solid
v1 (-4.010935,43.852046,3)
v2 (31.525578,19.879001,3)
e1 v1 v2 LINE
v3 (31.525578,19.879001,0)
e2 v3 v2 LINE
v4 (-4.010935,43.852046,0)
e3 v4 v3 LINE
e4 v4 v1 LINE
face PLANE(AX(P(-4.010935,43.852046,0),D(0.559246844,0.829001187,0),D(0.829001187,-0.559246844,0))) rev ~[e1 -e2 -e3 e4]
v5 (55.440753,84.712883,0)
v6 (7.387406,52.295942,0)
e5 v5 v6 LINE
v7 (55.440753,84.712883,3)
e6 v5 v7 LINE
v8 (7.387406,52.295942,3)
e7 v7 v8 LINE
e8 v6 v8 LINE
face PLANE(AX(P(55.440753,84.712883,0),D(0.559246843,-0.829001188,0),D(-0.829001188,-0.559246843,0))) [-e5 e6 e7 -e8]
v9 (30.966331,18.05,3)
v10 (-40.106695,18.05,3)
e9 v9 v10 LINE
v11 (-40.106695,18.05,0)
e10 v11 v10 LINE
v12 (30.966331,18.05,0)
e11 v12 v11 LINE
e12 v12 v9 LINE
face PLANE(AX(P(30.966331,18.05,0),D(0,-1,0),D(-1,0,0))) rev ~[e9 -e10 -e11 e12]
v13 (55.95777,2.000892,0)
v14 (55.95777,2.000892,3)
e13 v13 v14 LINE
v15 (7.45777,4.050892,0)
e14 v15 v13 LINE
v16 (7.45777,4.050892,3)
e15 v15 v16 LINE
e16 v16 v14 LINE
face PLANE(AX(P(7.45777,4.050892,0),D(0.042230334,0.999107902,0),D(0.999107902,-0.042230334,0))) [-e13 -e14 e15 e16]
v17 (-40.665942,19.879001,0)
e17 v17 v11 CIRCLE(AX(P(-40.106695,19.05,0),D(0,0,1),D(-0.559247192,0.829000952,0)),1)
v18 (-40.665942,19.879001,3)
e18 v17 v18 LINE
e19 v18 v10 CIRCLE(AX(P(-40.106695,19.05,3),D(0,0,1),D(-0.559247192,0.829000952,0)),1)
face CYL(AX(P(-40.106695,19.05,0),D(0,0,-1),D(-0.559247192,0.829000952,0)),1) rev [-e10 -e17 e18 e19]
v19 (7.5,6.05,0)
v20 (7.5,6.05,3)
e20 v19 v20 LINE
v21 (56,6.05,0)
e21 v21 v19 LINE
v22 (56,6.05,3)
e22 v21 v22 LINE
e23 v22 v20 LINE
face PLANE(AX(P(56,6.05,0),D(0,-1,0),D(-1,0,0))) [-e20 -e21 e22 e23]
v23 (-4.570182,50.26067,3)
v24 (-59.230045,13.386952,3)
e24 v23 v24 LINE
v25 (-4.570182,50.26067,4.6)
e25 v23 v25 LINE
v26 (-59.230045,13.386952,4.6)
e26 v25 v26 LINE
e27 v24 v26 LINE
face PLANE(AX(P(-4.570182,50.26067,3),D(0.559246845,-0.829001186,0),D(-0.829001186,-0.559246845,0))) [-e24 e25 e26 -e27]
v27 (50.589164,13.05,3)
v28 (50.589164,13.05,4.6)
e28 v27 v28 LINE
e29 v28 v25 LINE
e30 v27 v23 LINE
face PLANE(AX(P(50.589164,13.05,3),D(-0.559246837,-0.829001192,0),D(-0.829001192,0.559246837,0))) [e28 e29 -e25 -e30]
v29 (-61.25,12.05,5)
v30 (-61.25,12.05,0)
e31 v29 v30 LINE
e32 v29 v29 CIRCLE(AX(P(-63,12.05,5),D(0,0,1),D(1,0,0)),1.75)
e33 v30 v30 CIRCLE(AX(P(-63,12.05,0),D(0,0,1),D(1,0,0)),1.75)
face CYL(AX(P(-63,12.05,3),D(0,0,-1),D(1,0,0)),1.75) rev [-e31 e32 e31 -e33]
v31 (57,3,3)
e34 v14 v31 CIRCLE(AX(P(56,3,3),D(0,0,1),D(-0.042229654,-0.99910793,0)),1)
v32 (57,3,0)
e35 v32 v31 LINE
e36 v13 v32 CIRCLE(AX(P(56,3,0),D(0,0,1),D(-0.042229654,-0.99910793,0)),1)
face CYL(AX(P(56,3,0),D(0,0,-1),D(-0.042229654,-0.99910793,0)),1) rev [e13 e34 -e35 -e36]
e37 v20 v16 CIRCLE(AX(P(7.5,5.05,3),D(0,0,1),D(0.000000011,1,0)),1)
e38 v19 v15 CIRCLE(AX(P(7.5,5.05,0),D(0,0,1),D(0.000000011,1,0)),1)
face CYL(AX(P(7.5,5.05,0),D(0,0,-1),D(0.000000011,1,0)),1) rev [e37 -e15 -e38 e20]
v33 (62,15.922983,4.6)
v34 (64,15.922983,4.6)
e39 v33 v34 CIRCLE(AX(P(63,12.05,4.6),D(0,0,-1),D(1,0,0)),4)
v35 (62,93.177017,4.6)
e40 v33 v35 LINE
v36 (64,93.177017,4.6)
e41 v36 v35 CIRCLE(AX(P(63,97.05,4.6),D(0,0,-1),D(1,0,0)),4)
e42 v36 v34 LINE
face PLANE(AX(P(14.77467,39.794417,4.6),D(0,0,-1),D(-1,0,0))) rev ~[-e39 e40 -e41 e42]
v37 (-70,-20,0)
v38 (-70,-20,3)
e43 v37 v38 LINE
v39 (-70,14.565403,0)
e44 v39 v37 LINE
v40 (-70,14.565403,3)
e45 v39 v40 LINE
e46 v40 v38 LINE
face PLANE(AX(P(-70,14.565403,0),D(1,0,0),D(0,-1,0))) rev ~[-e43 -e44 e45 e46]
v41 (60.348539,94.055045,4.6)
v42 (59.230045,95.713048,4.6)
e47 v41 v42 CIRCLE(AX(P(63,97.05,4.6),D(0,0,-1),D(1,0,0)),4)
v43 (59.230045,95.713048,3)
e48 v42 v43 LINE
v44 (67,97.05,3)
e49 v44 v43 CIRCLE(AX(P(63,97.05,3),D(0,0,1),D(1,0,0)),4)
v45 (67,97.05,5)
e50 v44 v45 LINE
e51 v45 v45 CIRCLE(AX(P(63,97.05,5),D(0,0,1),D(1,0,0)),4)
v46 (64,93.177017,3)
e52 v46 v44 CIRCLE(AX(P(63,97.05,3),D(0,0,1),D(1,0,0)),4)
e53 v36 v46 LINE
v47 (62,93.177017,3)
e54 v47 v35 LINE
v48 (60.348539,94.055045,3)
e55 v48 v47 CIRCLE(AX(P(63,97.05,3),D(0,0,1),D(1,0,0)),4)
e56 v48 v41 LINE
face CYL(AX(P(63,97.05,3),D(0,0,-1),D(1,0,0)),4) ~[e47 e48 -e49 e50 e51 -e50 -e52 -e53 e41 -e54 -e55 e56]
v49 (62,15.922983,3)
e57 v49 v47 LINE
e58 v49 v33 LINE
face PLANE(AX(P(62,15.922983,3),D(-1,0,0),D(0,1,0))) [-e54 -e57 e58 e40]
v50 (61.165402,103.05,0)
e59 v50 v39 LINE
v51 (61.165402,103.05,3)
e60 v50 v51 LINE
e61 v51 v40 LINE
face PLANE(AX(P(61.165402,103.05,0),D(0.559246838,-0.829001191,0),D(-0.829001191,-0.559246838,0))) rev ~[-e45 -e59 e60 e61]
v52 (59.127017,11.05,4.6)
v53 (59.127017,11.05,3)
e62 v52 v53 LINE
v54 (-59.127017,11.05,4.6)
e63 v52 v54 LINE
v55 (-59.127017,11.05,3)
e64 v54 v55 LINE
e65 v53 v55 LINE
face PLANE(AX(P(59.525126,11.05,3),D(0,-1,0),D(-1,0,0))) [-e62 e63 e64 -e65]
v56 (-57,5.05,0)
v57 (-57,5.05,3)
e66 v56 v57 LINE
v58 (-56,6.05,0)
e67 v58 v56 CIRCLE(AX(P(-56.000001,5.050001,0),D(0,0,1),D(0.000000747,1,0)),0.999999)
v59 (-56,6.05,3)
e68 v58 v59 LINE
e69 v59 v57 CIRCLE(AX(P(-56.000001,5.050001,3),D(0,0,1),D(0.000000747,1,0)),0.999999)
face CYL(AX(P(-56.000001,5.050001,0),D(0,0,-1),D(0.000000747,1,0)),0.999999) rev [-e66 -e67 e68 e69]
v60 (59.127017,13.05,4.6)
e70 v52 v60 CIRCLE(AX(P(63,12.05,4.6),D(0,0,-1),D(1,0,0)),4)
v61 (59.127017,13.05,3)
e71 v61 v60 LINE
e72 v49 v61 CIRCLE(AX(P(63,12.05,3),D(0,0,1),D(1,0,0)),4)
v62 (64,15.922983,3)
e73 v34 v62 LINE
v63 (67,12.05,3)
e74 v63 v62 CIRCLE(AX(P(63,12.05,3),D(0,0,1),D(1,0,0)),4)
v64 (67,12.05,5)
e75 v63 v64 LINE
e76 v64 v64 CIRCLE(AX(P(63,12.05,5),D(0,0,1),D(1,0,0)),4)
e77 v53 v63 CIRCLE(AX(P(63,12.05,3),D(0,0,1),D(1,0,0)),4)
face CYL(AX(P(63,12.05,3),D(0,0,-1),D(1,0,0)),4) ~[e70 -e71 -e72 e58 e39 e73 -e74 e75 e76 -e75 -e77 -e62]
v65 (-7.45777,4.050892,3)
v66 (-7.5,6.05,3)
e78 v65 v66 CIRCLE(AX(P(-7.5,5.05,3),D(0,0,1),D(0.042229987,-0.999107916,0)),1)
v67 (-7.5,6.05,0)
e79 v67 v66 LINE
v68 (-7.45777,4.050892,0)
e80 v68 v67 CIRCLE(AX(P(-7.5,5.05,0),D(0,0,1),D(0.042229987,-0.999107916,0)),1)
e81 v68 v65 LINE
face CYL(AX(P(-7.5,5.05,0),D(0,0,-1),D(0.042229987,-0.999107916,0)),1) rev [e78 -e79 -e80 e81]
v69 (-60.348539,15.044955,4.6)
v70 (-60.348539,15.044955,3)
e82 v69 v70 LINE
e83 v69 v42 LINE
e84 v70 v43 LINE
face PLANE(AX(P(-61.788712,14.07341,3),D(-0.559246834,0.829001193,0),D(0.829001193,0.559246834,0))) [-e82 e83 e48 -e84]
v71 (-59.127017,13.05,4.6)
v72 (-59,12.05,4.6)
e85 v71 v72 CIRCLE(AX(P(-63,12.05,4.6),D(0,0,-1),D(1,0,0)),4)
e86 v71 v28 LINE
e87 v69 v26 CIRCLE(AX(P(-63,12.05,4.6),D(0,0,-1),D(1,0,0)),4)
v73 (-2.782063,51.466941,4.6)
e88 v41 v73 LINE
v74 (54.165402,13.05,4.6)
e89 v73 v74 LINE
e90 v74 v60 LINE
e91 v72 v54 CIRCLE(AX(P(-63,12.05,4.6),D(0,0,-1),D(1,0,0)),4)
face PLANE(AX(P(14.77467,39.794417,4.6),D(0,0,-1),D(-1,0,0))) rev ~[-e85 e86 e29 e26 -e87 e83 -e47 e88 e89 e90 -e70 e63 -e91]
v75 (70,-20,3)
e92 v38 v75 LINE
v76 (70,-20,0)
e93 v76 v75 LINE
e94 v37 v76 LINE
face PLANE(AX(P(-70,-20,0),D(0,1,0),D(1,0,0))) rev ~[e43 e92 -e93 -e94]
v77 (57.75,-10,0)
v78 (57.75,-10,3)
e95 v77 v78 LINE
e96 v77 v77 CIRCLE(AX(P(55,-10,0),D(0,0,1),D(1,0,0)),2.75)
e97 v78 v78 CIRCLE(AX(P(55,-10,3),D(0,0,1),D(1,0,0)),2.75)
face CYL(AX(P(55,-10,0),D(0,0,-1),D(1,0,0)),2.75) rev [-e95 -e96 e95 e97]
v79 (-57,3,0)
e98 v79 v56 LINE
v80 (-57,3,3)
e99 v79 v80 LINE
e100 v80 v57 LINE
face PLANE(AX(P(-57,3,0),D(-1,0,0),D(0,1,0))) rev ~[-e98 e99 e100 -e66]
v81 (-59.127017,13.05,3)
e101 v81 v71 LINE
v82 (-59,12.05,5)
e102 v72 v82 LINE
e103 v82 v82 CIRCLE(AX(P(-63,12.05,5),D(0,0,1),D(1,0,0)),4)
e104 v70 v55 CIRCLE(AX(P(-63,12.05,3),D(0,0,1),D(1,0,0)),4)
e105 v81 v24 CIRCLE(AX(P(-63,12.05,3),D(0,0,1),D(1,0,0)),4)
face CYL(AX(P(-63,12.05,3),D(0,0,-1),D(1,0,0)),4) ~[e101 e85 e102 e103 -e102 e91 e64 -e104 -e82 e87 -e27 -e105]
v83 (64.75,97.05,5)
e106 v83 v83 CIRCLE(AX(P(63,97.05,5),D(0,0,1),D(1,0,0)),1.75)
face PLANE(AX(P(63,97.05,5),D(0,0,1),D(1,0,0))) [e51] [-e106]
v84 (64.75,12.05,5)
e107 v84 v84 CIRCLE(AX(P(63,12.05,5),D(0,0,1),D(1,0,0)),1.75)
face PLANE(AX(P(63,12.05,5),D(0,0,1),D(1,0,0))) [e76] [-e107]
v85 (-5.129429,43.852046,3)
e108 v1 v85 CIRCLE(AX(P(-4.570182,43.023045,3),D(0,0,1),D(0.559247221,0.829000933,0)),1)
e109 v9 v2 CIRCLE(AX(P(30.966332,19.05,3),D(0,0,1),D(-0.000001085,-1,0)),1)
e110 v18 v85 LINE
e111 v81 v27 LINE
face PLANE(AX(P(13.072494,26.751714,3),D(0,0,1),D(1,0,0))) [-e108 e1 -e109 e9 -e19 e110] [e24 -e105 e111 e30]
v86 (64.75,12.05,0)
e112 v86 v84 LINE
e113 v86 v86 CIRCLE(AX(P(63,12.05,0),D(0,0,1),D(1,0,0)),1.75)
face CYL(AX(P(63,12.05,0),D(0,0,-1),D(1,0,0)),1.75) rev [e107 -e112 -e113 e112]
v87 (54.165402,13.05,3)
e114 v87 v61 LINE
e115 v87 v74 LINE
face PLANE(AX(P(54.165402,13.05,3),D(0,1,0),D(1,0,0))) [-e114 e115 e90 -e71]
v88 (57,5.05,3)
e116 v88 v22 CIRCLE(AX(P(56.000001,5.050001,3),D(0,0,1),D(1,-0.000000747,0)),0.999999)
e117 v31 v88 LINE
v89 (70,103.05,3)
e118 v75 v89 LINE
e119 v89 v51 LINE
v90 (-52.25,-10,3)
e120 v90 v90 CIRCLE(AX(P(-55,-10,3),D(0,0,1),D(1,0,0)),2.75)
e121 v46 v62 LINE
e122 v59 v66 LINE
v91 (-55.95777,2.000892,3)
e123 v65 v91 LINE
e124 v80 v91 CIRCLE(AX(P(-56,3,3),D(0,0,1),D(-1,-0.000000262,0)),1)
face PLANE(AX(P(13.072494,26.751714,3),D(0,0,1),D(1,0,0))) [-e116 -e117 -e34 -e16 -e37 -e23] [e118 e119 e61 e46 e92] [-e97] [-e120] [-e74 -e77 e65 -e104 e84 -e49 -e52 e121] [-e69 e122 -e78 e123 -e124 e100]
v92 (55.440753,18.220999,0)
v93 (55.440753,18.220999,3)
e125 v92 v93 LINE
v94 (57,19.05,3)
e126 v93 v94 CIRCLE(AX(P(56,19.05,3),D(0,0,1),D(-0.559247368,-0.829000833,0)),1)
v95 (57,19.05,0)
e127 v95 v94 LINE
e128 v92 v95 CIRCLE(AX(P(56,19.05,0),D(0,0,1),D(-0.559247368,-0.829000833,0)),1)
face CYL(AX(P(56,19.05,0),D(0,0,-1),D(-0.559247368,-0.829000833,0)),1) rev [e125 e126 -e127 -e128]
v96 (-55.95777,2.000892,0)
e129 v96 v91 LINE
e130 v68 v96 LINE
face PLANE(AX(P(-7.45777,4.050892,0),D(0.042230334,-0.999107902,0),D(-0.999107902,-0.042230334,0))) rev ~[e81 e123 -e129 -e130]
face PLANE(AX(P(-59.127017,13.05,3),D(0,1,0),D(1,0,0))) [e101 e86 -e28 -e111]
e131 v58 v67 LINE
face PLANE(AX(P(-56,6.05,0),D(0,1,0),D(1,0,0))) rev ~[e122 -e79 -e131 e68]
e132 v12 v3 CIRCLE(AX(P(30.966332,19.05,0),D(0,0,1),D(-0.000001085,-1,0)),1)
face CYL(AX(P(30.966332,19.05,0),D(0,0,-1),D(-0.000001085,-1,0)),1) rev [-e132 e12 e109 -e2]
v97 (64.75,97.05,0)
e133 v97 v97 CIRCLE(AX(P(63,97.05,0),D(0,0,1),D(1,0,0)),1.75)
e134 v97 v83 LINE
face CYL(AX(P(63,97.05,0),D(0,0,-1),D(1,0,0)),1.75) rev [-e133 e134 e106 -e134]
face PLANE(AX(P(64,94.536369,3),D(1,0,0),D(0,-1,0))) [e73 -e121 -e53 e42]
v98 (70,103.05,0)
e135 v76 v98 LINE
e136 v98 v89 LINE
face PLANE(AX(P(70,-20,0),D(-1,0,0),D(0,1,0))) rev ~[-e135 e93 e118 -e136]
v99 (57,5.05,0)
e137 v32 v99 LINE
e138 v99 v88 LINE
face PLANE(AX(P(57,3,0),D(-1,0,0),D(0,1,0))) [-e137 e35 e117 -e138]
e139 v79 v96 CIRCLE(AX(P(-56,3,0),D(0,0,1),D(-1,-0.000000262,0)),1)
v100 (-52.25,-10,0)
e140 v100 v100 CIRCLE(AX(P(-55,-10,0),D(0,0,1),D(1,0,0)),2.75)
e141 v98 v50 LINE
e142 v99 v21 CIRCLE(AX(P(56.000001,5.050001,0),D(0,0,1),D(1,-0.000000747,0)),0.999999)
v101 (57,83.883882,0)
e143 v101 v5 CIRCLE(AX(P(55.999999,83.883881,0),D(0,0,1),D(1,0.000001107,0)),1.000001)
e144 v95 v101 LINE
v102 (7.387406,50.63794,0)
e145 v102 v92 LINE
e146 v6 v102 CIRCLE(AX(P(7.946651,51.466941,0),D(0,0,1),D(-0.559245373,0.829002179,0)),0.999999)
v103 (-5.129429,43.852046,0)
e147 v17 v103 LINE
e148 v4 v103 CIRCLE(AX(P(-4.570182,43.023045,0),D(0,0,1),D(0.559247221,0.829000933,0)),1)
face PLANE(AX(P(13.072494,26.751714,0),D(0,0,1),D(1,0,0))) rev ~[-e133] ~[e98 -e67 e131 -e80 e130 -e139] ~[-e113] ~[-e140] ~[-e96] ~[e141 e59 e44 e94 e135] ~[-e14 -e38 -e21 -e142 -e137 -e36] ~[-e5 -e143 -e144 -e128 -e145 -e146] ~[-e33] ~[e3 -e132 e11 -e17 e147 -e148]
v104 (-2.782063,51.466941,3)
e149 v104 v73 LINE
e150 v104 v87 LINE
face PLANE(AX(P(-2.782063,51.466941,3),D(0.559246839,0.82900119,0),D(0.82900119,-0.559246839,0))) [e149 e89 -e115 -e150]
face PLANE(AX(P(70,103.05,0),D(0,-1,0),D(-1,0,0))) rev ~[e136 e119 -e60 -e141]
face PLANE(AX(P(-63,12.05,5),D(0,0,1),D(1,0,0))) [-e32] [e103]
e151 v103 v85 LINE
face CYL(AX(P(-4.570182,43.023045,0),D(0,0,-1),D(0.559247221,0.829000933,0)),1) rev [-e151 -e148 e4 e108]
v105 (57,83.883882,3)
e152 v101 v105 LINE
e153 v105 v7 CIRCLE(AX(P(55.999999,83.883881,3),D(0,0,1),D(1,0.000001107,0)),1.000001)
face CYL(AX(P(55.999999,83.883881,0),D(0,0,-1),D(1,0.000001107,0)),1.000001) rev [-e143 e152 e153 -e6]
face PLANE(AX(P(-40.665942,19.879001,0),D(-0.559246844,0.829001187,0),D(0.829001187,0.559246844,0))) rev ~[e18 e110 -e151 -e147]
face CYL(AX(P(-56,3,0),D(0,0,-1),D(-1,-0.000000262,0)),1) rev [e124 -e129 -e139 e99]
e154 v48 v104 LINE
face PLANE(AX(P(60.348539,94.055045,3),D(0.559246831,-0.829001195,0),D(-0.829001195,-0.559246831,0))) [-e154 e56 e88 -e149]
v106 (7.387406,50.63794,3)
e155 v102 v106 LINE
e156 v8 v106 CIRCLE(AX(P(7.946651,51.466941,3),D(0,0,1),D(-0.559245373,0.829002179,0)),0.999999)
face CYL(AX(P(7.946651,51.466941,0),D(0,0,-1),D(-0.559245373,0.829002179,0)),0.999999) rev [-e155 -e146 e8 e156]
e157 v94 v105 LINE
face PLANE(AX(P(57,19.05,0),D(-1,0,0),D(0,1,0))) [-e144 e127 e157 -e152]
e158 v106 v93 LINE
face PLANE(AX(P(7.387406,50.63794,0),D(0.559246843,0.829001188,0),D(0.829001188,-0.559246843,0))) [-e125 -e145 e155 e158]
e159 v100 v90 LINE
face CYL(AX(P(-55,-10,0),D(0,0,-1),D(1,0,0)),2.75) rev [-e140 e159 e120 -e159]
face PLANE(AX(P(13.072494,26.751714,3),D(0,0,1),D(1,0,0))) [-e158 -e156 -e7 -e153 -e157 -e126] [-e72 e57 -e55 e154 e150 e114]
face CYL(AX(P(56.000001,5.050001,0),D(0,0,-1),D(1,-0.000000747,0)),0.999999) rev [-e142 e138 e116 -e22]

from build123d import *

# Parameters (mm, degrees)
SKETCH_R      = 1.75
SKETCH_R_2    = 2.75
PAD_DEPTH     = 3
SKETCH001_R   = 4
SKETCH001_R_2 = 1.75
PAD001_DEPTH  = 2
PAD002_DEPTH  = 1.6


with BuildPart() as part:
    # Sketch → Pad (new body)
    with BuildSketch(Plane.XY):
        Polygon((-70, 14.565403), (-70, -20), (70, -20), (70, 103.05), (61.165402, 103.05), align=None)
        with Locations((-63, 12.05)):
            Circle(SKETCH_R, mode=Mode.SUBTRACT)
        with Locations((-55, -10)):
            Circle(SKETCH_R_2, mode=Mode.SUBTRACT)
        with Locations((55, -10)):
            Circle(SKETCH_R_2, mode=Mode.SUBTRACT)
        with Locations((63, 12.05)):
            Circle(SKETCH_R, mode=Mode.SUBTRACT)
        with Locations((63, 97.05)):
            Circle(SKETCH_R, mode=Mode.SUBTRACT)
        with BuildLine():
            Line((-56, 6.05), (-7.5, 6.05))
            ThreePointArc((-7.45777, 4.050892), (-6.500223, 5.07112), (-7.5, 6.05))
            Line((-7.45777, 4.050892), (-55.95777, 2.000892))
            ThreePointArc((-57, 3), (-56.692015, 2.278117), (-55.95777, 2.000892))
            Line((-57, 3), (-57, 5.05))
            ThreePointArc((-56, 6.05), (-56.707107, 5.757107), (-57, 5.05))
        make_face(mode=Mode.SUBTRACT)
        with BuildLine():
            Line((56, 6.05), (7.5, 6.05))
            ThreePointArc((7.5, 6.05), (6.500223, 5.07112), (7.45777, 4.050892))
            Line((7.45777, 4.050892), (55.95777, 2.000892))
            ThreePointArc((55.95777, 2.000892), (56.692015, 2.278117), (57, 3))
            Line((57, 3), (57, 5.05))
            ThreePointArc((57, 5.05), (56.707107, 5.757107), (56, 6.05))
        make_face(mode=Mode.SUBTRACT)
        with BuildLine():
            Line((55.440753, 84.712883), (7.387406, 52.295942))
            ThreePointArc((7.387406, 52.295942), (6.946652, 51.466941), (7.387406, 50.63794))
            Line((7.387406, 50.63794), (55.440753, 18.220999))
            ThreePointArc((55.440753, 18.220999), (56.469443, 18.167037), (57, 19.05))
            Line((57, 19.05), (57, 83.883882))
            ThreePointArc((57, 83.883882), (56.469443, 84.766844), (55.440753, 84.712883))
        make_face(mode=Mode.SUBTRACT)
        with BuildLine():
            Line((-40.665942, 19.879001), (-5.129429, 43.852046))
            ThreePointArc((-4.010935, 43.852046), (-4.570182, 44.023045), (-5.129429, 43.852046))
            Line((-4.010935, 43.852046), (31.525578, 19.879001))
            ThreePointArc((30.966331, 18.05), (31.922627, 18.757597), (31.525578, 19.879001))
            Line((30.966331, 18.05), (-40.106695, 18.05))
            ThreePointArc((-40.665942, 19.879001), (-41.06299, 18.757597), (-40.106695, 18.05))
        make_face(mode=Mode.SUBTRACT)
    extrude(amount=PAD_DEPTH)

    # Sketch001 → Pad001 (join)
    with BuildSketch(Plane.XY.offset(3)):
        with Locations((-63, 12.05)):
            Circle(SKETCH001_R)
        with Locations((-63, 12.05)):
            Circle(SKETCH001_R_2, mode=Mode.SUBTRACT)
        with Locations((63, 12.05)):
            Circle(SKETCH001_R)
        with Locations((63, 12.05)):
            Circle(SKETCH001_R_2, mode=Mode.SUBTRACT)
        with Locations((63, 97.05)):
            Circle(SKETCH001_R)
        with Locations((63, 97.05)):
            Circle(SKETCH001_R_2, mode=Mode.SUBTRACT)
    extrude(amount=PAD001_DEPTH)

    # Sketch002 → Pad002 (join)
    with BuildSketch(Plane.XY.offset(3)):
        Polygon((64, 94.536369), (64, 15.524874), (59.525126, 11.05), (-60.864255, 11.05), (-61.788712, 14.07341), (60.35695, 96.473261), align=None)
        Polygon((60.348539, 94.055045), (-2.782063, 51.466941), (54.165402, 13.05), (59.127017, 13.05), (62, 15.922983), (62, 93.177017), align=None, mode=Mode.SUBTRACT)
        Polygon((-4.570182, 50.26067), (-59.230045, 13.386952), (-59.127017, 13.05), (50.589164, 13.05), align=None, mode=Mode.SUBTRACT)
    extrude(amount=PAD002_DEPTH)


solid = part.part
